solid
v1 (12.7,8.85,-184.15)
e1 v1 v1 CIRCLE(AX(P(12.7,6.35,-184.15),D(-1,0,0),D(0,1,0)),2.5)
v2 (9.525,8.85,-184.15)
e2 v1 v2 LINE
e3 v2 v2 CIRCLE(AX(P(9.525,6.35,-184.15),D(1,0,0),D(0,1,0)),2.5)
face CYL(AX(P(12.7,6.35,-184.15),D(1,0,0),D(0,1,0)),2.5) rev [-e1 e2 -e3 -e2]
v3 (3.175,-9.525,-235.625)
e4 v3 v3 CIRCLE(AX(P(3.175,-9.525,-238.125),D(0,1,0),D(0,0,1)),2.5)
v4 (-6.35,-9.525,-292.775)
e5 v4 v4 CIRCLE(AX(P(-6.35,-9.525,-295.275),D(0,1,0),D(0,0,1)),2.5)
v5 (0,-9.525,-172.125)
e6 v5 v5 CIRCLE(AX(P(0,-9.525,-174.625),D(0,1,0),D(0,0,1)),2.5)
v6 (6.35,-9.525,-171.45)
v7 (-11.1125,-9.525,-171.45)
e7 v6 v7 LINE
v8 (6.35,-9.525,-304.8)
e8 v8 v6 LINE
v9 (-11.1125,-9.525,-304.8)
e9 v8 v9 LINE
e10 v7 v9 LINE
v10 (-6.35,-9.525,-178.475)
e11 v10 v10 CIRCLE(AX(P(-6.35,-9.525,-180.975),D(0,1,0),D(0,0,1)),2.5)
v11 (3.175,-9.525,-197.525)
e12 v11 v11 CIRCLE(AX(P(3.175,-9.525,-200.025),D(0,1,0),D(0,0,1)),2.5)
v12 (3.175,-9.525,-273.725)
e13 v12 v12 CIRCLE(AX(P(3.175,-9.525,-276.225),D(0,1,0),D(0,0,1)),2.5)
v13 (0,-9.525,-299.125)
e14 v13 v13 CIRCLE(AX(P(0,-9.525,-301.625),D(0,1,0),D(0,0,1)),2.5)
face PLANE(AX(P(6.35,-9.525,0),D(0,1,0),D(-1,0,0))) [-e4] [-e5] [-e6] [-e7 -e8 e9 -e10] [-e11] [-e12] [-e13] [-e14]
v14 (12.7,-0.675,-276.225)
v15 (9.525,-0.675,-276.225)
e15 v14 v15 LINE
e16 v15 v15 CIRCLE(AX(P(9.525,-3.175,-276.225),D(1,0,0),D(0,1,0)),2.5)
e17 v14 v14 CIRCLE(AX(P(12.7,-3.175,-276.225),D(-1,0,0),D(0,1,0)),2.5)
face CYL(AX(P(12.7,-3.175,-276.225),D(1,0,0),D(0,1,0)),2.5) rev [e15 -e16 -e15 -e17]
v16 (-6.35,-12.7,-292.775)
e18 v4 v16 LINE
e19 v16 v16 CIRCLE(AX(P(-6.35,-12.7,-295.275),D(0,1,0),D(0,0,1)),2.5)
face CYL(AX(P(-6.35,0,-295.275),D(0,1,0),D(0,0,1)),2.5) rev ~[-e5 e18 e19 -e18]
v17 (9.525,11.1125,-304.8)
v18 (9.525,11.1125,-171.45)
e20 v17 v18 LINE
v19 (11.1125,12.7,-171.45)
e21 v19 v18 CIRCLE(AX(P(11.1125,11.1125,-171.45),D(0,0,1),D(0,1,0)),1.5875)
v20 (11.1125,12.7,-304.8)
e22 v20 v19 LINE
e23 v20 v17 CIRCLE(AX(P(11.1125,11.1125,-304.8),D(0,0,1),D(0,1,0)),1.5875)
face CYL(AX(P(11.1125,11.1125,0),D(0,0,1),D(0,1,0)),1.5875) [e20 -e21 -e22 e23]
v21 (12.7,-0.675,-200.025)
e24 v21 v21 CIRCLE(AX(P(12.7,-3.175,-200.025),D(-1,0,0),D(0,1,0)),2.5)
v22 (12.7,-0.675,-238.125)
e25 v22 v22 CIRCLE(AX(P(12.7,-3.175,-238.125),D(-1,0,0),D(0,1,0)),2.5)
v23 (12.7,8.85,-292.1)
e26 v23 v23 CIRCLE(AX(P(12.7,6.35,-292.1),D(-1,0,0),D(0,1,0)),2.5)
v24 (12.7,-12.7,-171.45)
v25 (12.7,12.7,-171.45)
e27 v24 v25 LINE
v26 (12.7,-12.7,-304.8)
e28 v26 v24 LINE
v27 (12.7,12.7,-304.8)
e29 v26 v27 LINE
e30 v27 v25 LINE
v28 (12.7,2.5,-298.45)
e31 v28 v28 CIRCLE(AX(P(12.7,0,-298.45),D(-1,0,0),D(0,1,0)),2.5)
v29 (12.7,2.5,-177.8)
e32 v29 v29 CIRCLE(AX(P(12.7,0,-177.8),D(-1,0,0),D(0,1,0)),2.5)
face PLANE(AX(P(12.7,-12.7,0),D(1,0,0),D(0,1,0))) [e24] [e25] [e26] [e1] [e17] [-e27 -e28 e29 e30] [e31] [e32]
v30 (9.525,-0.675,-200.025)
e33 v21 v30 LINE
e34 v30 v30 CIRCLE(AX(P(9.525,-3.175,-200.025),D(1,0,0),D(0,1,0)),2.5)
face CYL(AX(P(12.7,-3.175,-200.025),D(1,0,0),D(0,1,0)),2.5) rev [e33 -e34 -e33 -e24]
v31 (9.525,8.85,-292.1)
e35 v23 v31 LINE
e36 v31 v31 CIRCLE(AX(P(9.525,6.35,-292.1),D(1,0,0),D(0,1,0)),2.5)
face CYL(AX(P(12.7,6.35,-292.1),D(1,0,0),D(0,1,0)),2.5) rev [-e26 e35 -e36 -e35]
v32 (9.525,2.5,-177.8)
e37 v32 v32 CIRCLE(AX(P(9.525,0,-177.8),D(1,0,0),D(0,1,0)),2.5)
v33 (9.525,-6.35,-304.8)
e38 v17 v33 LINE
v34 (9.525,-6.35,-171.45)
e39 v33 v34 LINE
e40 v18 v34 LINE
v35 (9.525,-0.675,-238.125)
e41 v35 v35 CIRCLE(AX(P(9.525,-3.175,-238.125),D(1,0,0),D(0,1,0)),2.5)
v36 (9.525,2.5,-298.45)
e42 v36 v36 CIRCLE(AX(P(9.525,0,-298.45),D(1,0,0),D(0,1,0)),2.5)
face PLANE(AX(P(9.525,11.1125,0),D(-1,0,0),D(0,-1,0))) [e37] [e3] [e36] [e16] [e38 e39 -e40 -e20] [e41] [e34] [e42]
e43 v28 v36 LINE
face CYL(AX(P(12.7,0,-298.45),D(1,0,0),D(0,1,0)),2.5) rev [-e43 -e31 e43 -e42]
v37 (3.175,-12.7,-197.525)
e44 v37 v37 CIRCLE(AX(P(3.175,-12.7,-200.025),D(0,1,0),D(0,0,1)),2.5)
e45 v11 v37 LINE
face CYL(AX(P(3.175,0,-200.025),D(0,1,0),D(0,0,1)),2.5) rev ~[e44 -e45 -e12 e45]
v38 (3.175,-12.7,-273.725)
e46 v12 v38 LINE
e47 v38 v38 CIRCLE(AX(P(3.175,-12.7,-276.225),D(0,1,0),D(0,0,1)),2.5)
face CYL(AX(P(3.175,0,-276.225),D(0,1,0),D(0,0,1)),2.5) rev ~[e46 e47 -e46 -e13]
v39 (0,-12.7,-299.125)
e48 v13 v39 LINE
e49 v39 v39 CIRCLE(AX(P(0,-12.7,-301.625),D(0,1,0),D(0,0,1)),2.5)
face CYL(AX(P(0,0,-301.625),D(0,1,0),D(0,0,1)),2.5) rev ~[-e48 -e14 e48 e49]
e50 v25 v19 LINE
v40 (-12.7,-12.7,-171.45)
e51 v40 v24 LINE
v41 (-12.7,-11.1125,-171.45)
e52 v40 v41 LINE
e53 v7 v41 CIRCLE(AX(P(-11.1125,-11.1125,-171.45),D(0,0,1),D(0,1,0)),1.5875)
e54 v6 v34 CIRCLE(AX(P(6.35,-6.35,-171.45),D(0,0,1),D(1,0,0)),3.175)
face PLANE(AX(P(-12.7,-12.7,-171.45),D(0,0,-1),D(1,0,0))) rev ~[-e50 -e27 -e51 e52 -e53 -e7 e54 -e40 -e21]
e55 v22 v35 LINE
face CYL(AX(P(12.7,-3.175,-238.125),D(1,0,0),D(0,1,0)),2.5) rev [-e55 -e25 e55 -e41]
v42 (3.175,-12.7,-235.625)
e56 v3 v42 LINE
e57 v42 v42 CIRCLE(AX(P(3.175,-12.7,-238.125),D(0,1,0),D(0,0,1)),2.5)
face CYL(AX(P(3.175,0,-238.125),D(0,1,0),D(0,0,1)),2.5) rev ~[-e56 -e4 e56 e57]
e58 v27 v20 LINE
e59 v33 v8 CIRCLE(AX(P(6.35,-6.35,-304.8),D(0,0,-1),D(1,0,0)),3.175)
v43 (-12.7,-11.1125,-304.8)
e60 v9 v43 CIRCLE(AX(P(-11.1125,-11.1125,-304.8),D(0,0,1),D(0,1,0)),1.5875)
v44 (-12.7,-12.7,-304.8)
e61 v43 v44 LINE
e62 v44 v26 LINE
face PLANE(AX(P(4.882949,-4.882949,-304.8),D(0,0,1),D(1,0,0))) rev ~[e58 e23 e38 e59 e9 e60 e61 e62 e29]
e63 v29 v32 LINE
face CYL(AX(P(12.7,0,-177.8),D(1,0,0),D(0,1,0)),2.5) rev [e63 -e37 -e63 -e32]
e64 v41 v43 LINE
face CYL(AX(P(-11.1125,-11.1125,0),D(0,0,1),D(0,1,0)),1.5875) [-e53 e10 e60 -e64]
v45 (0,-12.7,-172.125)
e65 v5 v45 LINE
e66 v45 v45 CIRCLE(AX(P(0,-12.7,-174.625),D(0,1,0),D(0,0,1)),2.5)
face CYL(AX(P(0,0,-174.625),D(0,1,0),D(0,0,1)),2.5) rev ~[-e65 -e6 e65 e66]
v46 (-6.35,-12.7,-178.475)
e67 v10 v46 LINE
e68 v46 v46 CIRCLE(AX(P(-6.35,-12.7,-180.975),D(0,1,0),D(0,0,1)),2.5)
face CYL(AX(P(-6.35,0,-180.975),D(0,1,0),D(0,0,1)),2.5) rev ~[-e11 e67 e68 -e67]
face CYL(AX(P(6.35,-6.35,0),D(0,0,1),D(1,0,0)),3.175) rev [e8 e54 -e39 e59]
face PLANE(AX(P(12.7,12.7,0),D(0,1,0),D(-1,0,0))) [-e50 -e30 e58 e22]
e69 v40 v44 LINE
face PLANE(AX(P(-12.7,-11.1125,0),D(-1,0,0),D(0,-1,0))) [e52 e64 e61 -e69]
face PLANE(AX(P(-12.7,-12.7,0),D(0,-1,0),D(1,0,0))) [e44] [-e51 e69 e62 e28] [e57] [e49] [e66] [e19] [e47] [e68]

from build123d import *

# Parameters (mm, degrees)
BOSS_EXTRUDE1_DEPTH = 304.8
SKETCH7_W           = 25.4
SKETCH7_H           = 476.25
CUT_EXTRUDE1_DEPTH  = 254
SKETCH3_R           = 2.5
CUT_EXTRUDE2_DEPTH  = 254
SKETCH8_R           = 2.5
CUT_EXTRUDE4_DEPTH  = 254


with BuildPart() as part:
    # Sketch2 → Boss-Extrude1 (new, symmetric)
    with BuildSketch(Plane.XY):
        with BuildLine():
            Line((-12.7, -12.7), (12.7, -12.7))
            Line((12.7, -12.7), (12.7, 12.7))
            Line((12.7, 12.7), (11.1125, 12.7))
            ThreePointArc((11.1125, 12.7), (9.989967985, 12.235032015), (9.525, 11.1125))
            Line((9.525, 11.1125), (9.525, -6.35))
            ThreePointArc((9.525, -6.35), (8.59506403, -8.59506403), (6.35, -9.525))
            Line((6.35, -9.525), (-11.1125, -9.525))
            ThreePointArc((-11.1125, -9.525), (-12.235032015, -9.989967985), (-12.7, -11.1125))
            Line((-12.7, -11.1125), (-12.7, -12.7))
        make_face()
    extrude(amount=BOSS_EXTRUDE1_DEPTH, both=True)

    # Sketch7 → Cut-Extrude1 (cut)
    with BuildSketch(Plane.XZ.offset(12.7)):
        with Locations((0, 66.675)):
            Rectangle(SKETCH7_W, SKETCH7_H)
    extrude(amount=-CUT_EXTRUDE1_DEPTH, mode=Mode.SUBTRACT)

    # Sketch3 → Cut-Extrude2 (cut)
    with BuildSketch(Plane(origin=(0, 0, 0), x_dir=(1, 0, 0), z_dir=(0, 1, 0))):
        with Locations(Location((-6.35, 295.275, 0), (0, 0, 270))):
            Circle(SKETCH3_R)
        with Locations(Location((0, 301.625, 0), (0, 0, 270))):
            Circle(SKETCH3_R)
        with Locations(Location((3.175, 276.225, 0), (0, 0, 270))):
            Circle(SKETCH3_R)
        with Locations(Location((3.175, 238.125, 0), (0, 0, 270))):
            Circle(SKETCH3_R)
        with Locations(Location((3.175, 200.025, 0), (0, 0, 270))):
            Circle(SKETCH3_R)
        with Locations(Location((0, 174.625, 0), (0, 0, 270))):
            Circle(SKETCH3_R)
        with Locations(Location((-6.35, 180.975, 0), (0, 0, 270))):
            Circle(SKETCH3_R)
    extrude(amount=-CUT_EXTRUDE2_DEPTH, mode=Mode.SUBTRACT)

    # Sketch8 → Cut-Extrude4 (cut)
    with BuildSketch(Plane(origin=(12.7, 0, -12.7), x_dir=(0, 0, 1), z_dir=(-1, 0, 0))):
        with Locations(Location((-171.45, 6.35, 0), (0, 0, 90))):
            Circle(SKETCH8_R)
        with Locations(Location((-165.1, 0, 0), (0, 0, 90))):
            Circle(SKETCH8_R)
        with Locations(Location((-187.325, -3.175, 0), (0, 0, 90))):
            Circle(SKETCH8_R)
        with Locations(Location((-225.425, -3.175, 0), (0, 0, 90))):
            Circle(SKETCH8_R)
        with Locations(Location((-263.525, -3.175, 0), (0, 0, 90))):
            Circle(SKETCH8_R)
        with Locations(Location((-285.75, 0, 0), (0, 0, 90))):
            Circle(SKETCH8_R)
        with Locations(Location((-279.4, 6.35, 0), (0, 0, 90))):
            Circle(SKETCH8_R)
    extrude(amount=CUT_EXTRUDE4_DEPTH, mode=Mode.SUBTRACT)


solid = part.part
